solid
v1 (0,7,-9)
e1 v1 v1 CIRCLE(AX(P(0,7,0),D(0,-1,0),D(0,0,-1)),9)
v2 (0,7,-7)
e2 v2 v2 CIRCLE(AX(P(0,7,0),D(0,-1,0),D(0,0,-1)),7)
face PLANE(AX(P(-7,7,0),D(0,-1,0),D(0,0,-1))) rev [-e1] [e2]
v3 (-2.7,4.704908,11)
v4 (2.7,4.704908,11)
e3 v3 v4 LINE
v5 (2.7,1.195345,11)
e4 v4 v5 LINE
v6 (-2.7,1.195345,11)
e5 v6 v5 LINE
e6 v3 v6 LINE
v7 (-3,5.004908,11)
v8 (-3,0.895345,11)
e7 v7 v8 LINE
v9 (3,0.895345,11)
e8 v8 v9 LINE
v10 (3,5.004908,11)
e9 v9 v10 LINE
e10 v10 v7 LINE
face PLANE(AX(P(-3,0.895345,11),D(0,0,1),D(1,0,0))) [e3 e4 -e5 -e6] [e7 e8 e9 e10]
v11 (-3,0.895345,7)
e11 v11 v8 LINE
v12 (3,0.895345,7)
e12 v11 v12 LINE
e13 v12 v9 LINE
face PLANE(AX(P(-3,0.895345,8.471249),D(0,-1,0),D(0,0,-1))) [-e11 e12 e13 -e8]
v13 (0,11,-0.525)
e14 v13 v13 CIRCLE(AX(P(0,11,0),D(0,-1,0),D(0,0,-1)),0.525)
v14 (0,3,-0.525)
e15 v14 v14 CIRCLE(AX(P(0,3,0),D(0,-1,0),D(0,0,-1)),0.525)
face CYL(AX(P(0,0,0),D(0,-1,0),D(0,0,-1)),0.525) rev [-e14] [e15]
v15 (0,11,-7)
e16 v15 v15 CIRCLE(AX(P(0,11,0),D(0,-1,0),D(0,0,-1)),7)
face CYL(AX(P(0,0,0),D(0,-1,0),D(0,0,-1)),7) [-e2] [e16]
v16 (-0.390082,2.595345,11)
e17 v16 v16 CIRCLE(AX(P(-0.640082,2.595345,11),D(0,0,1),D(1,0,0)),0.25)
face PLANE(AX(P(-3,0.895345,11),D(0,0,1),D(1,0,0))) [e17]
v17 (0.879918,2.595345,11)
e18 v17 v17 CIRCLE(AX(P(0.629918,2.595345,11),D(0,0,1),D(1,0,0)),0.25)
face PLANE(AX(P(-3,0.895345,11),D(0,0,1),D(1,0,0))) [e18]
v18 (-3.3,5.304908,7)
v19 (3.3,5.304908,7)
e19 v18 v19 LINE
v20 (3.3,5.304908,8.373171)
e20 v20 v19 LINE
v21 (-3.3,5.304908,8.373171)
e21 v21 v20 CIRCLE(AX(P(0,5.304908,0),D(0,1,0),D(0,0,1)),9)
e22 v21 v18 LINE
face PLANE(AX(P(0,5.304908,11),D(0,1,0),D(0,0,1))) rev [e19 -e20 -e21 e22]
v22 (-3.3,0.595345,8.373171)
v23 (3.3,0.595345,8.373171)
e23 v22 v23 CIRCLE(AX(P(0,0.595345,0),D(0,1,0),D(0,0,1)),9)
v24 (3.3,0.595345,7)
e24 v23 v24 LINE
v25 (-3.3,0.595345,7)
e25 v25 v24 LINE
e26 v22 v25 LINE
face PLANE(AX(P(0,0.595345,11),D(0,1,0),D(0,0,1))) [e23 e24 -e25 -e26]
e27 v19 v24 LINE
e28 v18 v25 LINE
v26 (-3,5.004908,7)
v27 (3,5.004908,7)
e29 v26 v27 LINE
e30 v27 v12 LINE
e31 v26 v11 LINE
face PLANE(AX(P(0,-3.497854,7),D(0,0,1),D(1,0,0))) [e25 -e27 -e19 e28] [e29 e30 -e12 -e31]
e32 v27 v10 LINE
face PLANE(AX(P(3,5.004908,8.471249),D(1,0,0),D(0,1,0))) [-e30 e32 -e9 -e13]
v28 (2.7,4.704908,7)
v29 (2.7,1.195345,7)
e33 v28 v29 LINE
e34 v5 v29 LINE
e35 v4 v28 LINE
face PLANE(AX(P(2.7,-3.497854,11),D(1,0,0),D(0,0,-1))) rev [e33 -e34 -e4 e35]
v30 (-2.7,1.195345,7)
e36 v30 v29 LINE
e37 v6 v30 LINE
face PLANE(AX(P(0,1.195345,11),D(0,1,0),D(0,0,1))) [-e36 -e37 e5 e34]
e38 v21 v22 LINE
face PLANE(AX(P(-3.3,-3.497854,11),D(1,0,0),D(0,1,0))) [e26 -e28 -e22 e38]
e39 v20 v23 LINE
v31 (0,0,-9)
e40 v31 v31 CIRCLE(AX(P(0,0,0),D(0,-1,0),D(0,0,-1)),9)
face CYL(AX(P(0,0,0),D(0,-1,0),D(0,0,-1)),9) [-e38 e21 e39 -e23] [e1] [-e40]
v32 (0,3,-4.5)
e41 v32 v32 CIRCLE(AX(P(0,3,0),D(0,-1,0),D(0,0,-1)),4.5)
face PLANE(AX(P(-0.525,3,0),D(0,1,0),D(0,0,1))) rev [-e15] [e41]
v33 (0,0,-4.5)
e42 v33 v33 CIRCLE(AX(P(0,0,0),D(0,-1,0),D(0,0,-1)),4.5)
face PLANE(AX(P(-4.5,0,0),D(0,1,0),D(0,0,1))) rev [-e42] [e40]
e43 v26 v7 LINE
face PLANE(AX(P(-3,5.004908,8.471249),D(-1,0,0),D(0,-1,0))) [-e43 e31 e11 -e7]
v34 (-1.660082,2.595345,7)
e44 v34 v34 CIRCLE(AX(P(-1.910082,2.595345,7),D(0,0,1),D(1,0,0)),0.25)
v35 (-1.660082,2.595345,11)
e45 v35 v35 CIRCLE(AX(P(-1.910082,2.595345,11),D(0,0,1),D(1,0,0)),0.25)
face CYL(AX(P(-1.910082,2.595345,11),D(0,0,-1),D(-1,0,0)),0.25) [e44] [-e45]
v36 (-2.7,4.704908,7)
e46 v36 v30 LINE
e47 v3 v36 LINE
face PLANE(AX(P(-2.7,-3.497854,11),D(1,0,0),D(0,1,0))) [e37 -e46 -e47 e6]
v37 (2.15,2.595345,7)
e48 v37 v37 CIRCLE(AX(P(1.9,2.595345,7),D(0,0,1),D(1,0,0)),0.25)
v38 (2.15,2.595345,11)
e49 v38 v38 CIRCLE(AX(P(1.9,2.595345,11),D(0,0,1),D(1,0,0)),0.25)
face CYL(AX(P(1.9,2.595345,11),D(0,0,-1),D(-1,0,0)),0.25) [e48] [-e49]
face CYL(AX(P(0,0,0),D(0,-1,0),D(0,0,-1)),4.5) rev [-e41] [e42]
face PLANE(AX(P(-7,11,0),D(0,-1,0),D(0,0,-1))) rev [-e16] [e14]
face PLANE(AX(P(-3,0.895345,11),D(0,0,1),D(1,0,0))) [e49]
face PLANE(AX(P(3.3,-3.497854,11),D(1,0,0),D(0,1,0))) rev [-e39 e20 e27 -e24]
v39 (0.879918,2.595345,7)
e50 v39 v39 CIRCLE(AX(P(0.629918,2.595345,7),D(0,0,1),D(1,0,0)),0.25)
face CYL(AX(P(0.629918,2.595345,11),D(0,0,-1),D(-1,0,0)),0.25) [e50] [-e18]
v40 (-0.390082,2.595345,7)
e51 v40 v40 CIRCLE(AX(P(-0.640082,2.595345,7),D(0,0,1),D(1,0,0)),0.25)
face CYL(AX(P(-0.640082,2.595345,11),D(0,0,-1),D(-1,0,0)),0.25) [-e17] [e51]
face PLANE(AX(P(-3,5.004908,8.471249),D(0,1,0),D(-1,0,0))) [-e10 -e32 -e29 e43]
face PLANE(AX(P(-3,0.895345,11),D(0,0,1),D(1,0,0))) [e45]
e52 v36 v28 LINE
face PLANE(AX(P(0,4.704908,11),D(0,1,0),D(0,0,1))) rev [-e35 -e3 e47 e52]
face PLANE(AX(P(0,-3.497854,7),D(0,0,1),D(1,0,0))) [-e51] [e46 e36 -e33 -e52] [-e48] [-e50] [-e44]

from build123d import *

# Parameters (mm, degrees)
BOSS_EXTRU_1_DEPTH           = 2
BOSS_EXTRU_1_DEPTH_BACK      = 0.528751
ESQUISSE2_W                  = 6
ESQUISSE2_H                  = 4.109563502
ENL_V_MAT_EXTRU_1_DEPTH      = 2
ENL_V_MAT_EXTRU_1_DEPTH_BACK = 2
ESQUISSE3_W                  = 6.6
ESQUISSE3_H                  = 4.709563502
ESQUISSE3_W_2                = 6
ESQUISSE3_H_2                = 4.109563502
ESQUISSE3_W_3                = 5.4
ESQUISSE3_H_3                = 3.509563502
ESQUISSE3_R                  = 0.25


with BuildPart() as part:
    # Esquisse1 → Révolution1 (revolve)
    with BuildSketch(Plane.XY):
        Polygon((-4.5, 0), (-9, 0), (-9, 7), (-7, 7), (-7, 11), (-0.525, 11), (-0.525, 3), (-4.5, 3), align=None)
    revolve(axis=Axis((0, 0, 0), (0, 1, 0)))

    # Esquisse2 → Boss.-Extru.1 (add, two sides: drawn at the far end of the back side and taken through both)
    with BuildSketch(Plane.XY.offset(9).offset(-BOSS_EXTRU_1_DEPTH_BACK)):
        with Locations((0, 2.950126619)):
            Rectangle(ESQUISSE2_W, ESQUISSE2_H)
    extrude(amount=BOSS_EXTRU_1_DEPTH + BOSS_EXTRU_1_DEPTH_BACK)

    # Esquisse3 → Enlèv. mat.-Extru.1 (cut, two sides: drawn at the far end of the back side and taken through both)
    # profile 1 of 2: a face of its own
    with BuildSketch(Plane.XY.offset(9).offset(-ENL_V_MAT_EXTRU_1_DEPTH_BACK)):
        with Locations((0, 2.950126619)):
            Rectangle(ESQUISSE3_W, ESQUISSE3_H)
        with Locations((0, 2.950126619)):
            Rectangle(ESQUISSE3_W_2, ESQUISSE3_H_2, mode=Mode.SUBTRACT)
    # profile 2 of 2: a face of its own
    with BuildSketch(Plane.XY.offset(9).offset(-ENL_V_MAT_EXTRU_1_DEPTH_BACK)):
        with Locations((0, 2.950126619)):
            Rectangle(ESQUISSE3_W_3, ESQUISSE3_H_3)
        with Locations((1.9, 2.595344868)):
            Circle(ESQUISSE3_R, mode=Mode.SUBTRACT)
        with Locations((0.629918036, 2.595344868)):
            Circle(ESQUISSE3_R, mode=Mode.SUBTRACT)
        with Locations((-0.640081964, 2.595344868)):
            Circle(ESQUISSE3_R, mode=Mode.SUBTRACT)
        with Locations((-1.910081964, 2.595344868)):
            Circle(ESQUISSE3_R, mode=Mode.SUBTRACT)
    extrude(amount=ENL_V_MAT_EXTRU_1_DEPTH + ENL_V_MAT_EXTRU_1_DEPTH_BACK, mode=Mode.SUBTRACT)


solid = part.part
